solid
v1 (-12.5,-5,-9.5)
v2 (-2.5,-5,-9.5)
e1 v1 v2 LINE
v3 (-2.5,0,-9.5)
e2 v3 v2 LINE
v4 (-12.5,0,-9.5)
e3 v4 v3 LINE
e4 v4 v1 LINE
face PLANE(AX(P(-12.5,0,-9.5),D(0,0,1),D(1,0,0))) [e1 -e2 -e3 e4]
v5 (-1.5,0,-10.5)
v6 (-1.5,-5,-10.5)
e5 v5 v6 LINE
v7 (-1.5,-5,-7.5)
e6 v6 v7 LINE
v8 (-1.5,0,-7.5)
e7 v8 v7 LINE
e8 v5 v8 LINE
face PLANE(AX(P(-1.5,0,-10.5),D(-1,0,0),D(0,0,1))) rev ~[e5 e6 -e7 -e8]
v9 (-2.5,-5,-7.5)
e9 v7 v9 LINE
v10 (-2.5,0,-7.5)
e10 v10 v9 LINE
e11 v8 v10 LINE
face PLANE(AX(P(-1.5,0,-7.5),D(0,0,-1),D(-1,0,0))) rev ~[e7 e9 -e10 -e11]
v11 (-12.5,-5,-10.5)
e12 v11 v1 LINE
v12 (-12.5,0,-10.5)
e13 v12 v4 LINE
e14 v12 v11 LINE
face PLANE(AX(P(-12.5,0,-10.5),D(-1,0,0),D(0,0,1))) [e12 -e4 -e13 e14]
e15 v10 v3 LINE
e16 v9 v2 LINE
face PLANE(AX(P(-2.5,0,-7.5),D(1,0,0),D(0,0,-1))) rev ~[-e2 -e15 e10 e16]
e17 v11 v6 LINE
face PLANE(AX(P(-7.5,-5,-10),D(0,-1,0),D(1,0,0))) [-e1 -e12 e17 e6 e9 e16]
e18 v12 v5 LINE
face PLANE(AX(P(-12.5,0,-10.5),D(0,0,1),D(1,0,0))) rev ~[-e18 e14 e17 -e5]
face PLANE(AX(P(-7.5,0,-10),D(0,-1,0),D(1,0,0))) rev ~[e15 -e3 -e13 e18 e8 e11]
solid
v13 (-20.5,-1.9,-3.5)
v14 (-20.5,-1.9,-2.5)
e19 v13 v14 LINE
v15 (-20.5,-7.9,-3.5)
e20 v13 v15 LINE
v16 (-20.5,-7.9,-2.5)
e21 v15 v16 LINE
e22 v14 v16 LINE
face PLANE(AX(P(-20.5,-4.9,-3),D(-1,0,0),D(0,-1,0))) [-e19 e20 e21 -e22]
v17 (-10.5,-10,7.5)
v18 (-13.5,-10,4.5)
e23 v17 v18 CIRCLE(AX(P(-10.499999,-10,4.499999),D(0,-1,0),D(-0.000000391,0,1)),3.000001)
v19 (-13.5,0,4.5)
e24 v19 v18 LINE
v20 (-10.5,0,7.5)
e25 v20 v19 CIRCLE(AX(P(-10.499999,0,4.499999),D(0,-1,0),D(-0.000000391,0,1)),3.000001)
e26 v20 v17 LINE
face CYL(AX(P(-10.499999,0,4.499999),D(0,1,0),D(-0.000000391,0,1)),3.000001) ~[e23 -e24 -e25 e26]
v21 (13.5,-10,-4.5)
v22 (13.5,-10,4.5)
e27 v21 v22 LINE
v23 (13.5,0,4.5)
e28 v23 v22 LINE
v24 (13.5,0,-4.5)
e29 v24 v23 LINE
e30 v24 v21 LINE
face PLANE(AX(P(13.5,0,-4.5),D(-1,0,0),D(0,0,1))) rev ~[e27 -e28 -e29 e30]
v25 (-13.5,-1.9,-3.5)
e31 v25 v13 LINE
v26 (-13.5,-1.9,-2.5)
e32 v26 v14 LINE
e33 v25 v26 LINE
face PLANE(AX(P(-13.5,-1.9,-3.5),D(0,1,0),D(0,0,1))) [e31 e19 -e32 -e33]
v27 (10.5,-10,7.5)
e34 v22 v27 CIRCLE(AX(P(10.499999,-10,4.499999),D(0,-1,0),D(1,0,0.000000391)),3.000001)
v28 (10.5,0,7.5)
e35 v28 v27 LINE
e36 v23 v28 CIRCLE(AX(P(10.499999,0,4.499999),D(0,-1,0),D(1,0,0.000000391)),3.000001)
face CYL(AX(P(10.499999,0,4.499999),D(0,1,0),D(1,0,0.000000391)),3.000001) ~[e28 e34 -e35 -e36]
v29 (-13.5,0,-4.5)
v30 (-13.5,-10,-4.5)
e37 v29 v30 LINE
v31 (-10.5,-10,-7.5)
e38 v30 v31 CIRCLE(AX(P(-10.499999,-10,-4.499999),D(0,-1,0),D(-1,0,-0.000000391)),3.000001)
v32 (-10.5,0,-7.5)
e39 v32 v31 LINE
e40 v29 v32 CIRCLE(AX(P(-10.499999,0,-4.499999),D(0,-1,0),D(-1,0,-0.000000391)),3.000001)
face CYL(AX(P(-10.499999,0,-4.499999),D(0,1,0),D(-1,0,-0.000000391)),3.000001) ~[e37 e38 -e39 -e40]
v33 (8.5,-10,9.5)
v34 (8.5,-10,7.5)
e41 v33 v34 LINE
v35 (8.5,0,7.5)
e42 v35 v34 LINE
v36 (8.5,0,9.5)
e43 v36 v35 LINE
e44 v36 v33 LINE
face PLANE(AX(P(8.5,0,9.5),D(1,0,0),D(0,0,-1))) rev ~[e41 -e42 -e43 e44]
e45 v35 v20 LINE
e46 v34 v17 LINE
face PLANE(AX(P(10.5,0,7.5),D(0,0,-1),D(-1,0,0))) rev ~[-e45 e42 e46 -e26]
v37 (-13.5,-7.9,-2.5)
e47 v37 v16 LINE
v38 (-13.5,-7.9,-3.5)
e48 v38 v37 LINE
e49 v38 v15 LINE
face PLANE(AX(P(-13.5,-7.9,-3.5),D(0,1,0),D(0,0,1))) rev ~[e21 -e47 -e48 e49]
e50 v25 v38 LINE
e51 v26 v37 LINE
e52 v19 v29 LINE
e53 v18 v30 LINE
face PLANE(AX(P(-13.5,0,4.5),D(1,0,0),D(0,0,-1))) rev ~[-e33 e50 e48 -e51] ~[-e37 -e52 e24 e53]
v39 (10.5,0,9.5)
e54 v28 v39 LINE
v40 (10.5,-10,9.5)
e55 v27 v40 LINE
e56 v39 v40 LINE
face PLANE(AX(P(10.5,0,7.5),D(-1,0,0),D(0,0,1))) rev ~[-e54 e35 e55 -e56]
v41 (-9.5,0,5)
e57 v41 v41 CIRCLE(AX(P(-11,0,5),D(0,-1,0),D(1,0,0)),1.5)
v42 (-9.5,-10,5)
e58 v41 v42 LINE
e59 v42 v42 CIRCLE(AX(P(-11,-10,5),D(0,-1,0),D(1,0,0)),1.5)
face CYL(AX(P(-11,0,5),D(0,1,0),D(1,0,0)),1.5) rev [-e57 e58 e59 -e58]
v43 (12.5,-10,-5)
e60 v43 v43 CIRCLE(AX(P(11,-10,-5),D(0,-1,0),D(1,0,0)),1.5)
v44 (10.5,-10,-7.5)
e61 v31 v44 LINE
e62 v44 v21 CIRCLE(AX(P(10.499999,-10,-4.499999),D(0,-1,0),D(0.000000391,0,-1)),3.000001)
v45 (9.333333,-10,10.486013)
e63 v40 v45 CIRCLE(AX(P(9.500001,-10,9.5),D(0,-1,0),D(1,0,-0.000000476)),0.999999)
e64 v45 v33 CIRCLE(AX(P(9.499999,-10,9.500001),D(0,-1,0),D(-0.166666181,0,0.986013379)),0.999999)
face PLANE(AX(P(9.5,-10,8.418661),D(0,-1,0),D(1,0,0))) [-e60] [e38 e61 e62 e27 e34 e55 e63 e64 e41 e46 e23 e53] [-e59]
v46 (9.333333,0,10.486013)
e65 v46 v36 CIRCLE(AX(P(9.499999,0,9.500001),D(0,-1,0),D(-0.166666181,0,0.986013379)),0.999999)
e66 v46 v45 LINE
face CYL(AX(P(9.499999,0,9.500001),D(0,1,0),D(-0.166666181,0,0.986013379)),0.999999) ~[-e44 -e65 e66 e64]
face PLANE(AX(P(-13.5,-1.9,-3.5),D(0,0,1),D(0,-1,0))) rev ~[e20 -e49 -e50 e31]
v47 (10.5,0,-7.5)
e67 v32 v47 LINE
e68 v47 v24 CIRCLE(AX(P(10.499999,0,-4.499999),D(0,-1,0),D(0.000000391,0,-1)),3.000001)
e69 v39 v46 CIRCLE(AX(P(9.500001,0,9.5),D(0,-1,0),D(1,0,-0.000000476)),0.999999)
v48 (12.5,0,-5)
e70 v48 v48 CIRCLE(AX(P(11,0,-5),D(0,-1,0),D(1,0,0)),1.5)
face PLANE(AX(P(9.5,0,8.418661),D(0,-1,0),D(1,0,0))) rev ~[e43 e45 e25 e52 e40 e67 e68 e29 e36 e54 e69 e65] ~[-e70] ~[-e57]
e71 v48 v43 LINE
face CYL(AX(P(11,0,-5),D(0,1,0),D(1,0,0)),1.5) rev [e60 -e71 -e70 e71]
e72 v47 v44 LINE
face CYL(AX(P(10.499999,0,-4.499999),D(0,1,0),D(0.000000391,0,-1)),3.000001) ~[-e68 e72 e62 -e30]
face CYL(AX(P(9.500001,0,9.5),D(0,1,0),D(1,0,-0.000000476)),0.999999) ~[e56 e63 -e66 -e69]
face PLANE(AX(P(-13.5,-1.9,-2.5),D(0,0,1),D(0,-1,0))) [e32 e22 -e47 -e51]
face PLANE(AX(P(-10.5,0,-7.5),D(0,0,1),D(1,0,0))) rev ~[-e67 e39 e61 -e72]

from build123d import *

# Parameters (mm, degrees)
F0_R     = 1.5
F1_DEPTH = 10
F0_W     = 10
F0_H     = 1
F2_DEPTH = 5
F3_W     = 6
F3_H     = 1
F4_DEPTH = 7
F5_DEPTH = 10


with BuildPart() as f1:
    # F0 (on Front) → F1 (new body)
    with BuildSketch(Plane.XZ):
        with BuildLine():
            Line((2.5, 7.5), (-10.5, 7.5))
            ThreePointArc((-10.5, 7.5), (-12.62132, 6.62132), (-13.5, 4.5))
            Line((-13.5, 4.5), (-13.5, -2.5))
            Line((-13.5, -2.5), (-13.5, -3.5))
            Line((-13.5, -3.5), (-13.5, -4.5))
            ThreePointArc((-13.5, -4.5), (-12.62132, -6.62132), (-10.5, -7.5))
            Line((-10.5, -7.5), (-2.5, -7.5))
            Line((-2.5, -7.5), (-1.5, -7.5))
            Line((-1.5, -7.5), (10.5, -7.5))
            ThreePointArc((10.5, -7.5), (12.62132, -6.62132), (13.5, -4.5))
            Line((13.5, -4.5), (13.5, 4.5))
            ThreePointArc((13.5, 4.5), (12.62132, 6.62132), (10.5, 7.5))
            Line((10.5, 7.5), (8.5, 7.5))
            Line((8.5, 7.5), (3.5, 7.5))
            Line((3.5, 7.5), (2.5, 7.5))
        make_face()
        with Locations((11, -5)):
            Circle(F0_R, mode=Mode.SUBTRACT)
        with Locations((-11, 5)):
            Circle(F0_R, mode=Mode.SUBTRACT)
    extrude(amount=F1_DEPTH)

    # F3 (on face) → F4 (join)
    with BuildSketch(Plane(origin=(-13.5, 0, 0), x_dir=(0, -1, 0), z_dir=(-1, 0, 0))):
        with Locations((4.9, -3)):
            Rectangle(F3_W, F3_H)
    extrude(amount=F4_DEPTH)

    # F0 (on Front) → F5 (join)
    with BuildSketch(Plane.XZ):
        with BuildLine():
            Line((8.5, 9.5), (8.5, 7.5))
            Line((8.5, 7.5), (10.5, 7.5))
            Line((10.5, 7.5), (10.5, 9.5))
            ThreePointArc((10.5, 9.5), (9.5, 8.5), (8.5, 9.5))
        make_face()
        with BuildLine():
            Line((10.5, 9.5), (8.5, 9.5))
            ThreePointArc((8.5, 9.5), (9.5, 8.5), (10.5, 9.5))
        make_face()
        with BuildLine():
            ThreePointArc((9.333333, 10.486013), (8.736237, 10.145497), (8.5, 9.5))
            Line((8.5, 9.5), (10.5, 9.5))
            ThreePointArc((10.5, 9.5), (10.145497, 10.263763), (9.333333, 10.486013))
        make_face()
    extrude(amount=F5_DEPTH)


with BuildPart() as f2:
    # F0 (on Front) → F2 (new body)
    with BuildSketch(Plane.XZ):
        with Locations((-7.5, -10)):
            Rectangle(F0_W, F0_H)
        Polygon((-1.5, -7.5), (-2.5, -7.5), (-2.5, -9.5), (-2.5, -10.5), (-1.5, -10.5), align=None)
    extrude(amount=F2_DEPTH)


solid = Compound([f1.part, f2.part])
